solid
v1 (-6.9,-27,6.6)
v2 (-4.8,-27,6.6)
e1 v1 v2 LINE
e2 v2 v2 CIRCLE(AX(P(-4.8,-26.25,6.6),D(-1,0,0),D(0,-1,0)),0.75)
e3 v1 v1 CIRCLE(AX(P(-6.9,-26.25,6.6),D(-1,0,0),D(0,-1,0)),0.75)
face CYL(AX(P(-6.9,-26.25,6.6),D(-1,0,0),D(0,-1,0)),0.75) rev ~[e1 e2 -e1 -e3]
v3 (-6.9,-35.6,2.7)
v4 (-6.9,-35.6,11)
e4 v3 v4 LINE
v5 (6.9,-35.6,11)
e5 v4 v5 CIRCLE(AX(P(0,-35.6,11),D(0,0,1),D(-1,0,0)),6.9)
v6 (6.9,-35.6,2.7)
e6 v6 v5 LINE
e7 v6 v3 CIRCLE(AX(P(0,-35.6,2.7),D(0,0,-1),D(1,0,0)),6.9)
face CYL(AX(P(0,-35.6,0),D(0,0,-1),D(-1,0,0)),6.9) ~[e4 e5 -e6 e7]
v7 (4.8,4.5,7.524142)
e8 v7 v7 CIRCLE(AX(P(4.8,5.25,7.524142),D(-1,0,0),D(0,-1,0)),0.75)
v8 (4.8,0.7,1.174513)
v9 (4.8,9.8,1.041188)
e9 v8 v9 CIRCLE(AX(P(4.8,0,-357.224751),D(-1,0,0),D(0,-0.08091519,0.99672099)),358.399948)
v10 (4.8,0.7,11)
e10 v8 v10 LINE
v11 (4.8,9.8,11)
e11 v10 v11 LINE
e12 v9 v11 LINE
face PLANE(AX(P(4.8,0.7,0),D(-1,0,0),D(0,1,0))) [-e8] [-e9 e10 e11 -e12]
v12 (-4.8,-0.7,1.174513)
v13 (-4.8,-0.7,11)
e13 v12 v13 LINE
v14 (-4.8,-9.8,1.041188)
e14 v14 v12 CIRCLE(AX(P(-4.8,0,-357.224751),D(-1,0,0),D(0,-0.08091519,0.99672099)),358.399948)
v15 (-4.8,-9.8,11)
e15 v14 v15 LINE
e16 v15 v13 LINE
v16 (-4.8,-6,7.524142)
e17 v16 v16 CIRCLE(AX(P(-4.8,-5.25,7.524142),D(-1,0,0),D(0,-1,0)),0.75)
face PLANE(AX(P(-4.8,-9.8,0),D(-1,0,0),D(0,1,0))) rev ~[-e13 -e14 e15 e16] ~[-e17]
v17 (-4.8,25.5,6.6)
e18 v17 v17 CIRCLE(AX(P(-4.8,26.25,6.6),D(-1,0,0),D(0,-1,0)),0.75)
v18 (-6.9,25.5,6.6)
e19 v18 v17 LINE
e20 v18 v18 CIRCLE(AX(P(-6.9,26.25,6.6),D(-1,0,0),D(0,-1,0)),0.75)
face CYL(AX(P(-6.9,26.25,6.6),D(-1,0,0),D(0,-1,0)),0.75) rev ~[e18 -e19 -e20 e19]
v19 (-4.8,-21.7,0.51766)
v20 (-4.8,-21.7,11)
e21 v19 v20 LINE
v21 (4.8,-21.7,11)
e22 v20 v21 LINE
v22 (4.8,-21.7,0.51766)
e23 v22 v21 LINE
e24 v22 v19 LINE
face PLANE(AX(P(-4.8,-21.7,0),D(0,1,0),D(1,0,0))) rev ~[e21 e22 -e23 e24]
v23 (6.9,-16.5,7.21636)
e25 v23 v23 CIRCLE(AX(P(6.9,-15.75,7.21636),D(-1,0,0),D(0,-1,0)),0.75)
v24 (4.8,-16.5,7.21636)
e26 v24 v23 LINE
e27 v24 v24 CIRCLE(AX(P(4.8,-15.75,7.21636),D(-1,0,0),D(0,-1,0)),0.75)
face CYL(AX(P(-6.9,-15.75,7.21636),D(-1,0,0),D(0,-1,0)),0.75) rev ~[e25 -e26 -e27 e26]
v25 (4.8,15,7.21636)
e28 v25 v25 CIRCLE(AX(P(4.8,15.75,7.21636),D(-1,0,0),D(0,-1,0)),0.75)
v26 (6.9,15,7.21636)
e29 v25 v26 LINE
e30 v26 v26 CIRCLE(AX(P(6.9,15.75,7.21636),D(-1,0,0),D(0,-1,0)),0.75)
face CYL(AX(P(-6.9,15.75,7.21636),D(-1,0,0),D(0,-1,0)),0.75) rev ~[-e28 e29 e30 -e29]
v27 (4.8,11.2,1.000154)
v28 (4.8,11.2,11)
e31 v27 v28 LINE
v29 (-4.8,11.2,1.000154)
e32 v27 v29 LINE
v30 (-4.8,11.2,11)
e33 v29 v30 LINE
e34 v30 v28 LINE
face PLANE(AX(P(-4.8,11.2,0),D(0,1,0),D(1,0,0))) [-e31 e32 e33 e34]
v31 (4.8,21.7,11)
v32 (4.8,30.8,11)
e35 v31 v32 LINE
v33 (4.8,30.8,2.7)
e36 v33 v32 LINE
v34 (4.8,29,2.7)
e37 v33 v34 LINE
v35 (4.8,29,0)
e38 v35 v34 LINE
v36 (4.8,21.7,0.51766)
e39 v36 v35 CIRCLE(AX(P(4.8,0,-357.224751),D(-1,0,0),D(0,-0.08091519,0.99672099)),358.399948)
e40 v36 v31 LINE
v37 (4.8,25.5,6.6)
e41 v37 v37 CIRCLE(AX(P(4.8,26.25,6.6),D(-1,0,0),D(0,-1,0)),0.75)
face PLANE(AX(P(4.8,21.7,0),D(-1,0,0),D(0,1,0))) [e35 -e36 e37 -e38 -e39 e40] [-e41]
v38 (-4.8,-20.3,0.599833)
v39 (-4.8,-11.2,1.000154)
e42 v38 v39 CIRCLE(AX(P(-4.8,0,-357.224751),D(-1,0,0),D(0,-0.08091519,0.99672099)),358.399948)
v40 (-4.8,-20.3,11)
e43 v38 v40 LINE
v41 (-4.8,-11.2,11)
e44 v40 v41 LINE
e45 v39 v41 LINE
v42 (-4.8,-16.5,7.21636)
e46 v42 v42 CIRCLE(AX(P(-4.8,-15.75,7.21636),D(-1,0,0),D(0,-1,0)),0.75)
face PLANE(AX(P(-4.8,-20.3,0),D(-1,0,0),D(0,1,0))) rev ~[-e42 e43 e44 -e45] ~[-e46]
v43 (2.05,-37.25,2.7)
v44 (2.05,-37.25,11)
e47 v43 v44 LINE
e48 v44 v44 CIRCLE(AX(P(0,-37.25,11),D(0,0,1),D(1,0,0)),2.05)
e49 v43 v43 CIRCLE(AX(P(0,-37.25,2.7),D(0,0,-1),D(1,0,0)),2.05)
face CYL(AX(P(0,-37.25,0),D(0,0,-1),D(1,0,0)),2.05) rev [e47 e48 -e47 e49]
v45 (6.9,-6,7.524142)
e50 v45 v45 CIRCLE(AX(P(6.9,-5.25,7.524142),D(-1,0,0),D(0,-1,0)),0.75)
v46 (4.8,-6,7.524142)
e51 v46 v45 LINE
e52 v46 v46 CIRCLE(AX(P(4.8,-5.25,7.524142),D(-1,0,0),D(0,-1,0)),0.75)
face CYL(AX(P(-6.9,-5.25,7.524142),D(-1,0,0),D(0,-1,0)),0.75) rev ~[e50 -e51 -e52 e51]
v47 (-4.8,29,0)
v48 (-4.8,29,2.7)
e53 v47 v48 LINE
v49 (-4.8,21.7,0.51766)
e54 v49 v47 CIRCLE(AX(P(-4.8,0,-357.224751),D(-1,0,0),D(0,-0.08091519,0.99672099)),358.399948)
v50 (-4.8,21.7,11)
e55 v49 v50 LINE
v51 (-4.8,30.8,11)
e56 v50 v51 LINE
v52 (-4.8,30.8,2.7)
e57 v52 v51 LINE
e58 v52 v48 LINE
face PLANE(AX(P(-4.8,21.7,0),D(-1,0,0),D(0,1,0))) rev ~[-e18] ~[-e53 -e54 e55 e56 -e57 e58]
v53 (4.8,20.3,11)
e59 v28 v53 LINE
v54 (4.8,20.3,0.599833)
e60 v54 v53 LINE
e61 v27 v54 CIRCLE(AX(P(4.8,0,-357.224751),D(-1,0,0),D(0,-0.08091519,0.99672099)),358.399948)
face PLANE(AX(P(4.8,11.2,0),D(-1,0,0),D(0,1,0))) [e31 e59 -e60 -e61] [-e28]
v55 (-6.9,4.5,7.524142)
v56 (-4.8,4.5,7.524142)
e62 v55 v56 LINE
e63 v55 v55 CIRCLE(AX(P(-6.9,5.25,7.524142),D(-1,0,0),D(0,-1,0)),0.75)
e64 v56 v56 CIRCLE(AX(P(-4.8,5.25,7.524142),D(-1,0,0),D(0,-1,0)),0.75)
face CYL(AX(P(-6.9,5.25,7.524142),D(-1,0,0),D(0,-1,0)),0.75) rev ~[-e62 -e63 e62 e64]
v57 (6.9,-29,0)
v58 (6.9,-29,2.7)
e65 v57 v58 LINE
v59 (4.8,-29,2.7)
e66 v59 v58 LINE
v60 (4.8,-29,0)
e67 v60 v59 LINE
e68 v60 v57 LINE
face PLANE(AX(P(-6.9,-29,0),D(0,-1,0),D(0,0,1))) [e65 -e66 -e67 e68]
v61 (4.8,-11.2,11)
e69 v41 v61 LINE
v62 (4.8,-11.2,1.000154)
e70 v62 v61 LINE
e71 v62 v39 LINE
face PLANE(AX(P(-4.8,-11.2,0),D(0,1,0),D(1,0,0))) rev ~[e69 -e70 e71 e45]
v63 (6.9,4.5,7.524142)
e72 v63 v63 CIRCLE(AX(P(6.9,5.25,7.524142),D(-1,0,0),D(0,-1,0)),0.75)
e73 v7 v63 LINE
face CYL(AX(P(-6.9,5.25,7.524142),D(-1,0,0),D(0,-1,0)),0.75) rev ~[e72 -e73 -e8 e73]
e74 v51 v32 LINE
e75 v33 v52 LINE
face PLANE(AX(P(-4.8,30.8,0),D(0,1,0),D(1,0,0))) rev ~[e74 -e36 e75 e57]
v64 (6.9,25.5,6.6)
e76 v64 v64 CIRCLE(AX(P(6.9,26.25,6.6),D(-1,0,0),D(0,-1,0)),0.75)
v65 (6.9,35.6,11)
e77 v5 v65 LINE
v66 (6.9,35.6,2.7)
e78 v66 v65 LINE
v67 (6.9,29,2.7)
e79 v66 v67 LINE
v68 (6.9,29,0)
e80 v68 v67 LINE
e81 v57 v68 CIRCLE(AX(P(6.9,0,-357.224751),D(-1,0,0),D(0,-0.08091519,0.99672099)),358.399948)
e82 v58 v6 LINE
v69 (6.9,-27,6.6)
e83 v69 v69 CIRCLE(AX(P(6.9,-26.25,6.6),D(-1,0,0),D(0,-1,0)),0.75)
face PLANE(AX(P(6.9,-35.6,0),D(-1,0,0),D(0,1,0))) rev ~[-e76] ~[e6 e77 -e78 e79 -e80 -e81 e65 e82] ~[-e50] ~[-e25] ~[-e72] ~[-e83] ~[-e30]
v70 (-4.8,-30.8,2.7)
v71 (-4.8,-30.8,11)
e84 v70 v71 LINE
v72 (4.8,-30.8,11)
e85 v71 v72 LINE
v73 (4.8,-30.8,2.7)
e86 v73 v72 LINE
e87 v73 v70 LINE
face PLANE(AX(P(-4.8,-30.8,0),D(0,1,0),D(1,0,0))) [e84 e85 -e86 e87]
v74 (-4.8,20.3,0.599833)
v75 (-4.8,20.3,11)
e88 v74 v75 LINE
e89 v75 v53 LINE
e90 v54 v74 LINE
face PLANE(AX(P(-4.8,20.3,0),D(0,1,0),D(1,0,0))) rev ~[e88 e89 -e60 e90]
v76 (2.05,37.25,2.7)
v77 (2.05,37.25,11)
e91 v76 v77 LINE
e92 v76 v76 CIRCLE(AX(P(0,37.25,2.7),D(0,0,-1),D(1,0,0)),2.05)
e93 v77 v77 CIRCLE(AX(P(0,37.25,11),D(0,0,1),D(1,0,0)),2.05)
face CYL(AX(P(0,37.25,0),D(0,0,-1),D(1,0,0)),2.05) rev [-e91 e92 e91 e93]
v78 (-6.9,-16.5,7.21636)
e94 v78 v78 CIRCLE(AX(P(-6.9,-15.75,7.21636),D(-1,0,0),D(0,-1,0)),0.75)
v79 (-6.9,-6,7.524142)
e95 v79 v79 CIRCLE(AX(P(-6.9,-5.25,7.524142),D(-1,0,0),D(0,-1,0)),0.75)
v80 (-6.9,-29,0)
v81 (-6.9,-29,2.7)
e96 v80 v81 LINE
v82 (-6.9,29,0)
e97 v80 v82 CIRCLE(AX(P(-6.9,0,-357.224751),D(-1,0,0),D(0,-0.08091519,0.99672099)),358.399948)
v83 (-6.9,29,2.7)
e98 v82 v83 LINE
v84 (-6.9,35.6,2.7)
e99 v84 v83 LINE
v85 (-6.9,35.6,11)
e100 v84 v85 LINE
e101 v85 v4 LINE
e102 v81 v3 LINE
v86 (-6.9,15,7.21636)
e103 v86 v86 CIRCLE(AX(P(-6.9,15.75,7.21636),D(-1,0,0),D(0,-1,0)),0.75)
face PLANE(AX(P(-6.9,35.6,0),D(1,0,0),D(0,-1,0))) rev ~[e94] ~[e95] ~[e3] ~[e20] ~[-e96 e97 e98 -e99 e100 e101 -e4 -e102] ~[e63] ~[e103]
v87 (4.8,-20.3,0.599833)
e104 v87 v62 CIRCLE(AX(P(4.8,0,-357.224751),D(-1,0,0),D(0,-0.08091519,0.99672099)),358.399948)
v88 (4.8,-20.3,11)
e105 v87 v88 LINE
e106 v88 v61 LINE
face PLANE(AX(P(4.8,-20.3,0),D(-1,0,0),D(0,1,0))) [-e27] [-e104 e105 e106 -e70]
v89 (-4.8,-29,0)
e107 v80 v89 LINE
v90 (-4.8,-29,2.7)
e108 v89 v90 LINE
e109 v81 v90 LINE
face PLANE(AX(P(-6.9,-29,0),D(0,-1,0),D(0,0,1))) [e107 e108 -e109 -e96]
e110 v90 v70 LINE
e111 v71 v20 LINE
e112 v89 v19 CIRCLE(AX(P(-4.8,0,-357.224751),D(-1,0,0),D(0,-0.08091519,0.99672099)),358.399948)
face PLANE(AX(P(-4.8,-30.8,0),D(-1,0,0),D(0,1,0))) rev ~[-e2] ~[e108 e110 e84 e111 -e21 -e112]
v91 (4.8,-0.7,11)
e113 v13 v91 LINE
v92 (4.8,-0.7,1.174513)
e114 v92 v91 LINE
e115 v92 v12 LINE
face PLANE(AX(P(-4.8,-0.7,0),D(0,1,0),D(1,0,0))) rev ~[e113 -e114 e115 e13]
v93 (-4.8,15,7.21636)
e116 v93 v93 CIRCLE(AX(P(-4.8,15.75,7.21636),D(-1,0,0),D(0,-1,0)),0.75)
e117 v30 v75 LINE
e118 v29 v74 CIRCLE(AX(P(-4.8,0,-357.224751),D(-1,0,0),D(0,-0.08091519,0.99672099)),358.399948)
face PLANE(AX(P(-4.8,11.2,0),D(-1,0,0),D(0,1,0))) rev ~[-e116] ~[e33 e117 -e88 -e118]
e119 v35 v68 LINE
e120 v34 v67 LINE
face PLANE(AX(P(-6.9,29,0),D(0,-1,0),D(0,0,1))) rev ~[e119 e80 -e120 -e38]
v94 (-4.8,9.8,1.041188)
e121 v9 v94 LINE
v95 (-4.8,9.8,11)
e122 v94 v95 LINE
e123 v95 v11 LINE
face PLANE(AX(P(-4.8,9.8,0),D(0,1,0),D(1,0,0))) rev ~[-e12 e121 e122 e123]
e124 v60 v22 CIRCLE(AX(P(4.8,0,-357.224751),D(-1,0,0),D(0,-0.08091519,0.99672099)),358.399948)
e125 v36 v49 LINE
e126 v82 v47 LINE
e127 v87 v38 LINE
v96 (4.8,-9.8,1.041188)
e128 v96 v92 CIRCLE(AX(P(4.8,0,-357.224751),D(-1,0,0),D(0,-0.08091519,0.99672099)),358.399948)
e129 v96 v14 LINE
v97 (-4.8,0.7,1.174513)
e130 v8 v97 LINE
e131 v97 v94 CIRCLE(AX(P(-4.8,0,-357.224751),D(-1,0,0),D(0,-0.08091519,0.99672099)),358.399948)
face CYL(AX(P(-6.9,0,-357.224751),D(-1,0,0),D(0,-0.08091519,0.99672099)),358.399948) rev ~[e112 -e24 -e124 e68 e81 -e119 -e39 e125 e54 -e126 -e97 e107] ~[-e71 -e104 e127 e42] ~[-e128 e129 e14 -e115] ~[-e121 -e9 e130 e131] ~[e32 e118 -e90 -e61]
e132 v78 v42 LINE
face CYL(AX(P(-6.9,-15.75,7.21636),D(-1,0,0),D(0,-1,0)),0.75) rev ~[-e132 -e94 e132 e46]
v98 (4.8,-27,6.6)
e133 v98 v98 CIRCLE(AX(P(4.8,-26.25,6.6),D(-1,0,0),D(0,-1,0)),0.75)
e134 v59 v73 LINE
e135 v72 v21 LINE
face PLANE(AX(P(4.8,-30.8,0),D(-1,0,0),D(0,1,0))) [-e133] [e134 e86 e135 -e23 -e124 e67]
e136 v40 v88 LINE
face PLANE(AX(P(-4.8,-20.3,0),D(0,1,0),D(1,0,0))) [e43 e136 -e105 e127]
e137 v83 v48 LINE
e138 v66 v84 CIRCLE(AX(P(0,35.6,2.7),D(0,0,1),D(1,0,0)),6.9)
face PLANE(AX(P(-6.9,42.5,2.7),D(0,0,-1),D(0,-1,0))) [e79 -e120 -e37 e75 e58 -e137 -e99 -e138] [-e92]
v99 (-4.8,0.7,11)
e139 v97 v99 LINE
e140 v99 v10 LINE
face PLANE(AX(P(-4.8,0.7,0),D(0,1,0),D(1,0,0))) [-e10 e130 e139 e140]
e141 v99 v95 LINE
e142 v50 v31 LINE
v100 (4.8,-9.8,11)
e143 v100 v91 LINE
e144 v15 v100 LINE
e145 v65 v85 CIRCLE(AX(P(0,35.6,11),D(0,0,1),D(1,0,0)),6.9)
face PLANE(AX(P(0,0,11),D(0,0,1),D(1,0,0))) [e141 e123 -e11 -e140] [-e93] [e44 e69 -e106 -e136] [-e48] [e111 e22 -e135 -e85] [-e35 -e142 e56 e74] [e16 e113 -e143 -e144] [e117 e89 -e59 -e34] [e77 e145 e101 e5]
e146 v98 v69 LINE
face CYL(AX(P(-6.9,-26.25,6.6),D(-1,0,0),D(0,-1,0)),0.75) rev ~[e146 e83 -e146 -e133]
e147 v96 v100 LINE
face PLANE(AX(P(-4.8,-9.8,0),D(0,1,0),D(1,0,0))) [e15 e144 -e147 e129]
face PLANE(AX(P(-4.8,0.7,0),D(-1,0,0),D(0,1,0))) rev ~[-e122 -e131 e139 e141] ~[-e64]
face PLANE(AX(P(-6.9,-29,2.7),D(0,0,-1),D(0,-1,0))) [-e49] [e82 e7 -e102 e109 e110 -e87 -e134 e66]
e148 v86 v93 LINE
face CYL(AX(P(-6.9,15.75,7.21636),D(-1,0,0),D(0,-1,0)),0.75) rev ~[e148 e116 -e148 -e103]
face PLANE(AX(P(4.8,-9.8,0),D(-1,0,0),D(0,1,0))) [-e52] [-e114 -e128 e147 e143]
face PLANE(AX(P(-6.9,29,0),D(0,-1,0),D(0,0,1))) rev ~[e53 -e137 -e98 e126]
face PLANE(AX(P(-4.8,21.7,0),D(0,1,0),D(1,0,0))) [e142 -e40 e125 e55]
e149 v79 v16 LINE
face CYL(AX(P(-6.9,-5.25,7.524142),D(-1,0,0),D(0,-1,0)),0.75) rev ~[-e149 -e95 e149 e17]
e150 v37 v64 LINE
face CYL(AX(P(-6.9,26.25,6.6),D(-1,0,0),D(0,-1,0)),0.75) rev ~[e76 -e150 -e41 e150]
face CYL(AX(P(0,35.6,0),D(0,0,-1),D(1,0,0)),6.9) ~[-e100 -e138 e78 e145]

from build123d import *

# Parameters (mm, degrees)
F0_R     = 2.05
F0_W     = 9.6
F0_H     = 9.1
F1_DEPTH = 11
F2_W     = 13.5
F2_H     = 2.7
F2_R     = 0.75
F3_DEPTH = 13.801


with BuildPart() as f1:
    # F0 (on Top) → F1 (new body)
    with BuildSketch(Plane.XY):
        with BuildLine():
            ThreePointArc((6.9, 35.6), (0, 42.5), (-6.9, 35.6))
            Line((-6.9, 35.6), (-6.9, -35.6))
            ThreePointArc((-6.9, -35.6), (0, -42.5), (6.9, -35.6))
            Line((6.9, -35.6), (6.9, 35.6))
        make_face()
        with Locations((0, -37.25)):
            Circle(F0_R, mode=Mode.SUBTRACT)
        with Locations((0, -26.25)):
            Rectangle(F0_W, F0_H, mode=Mode.SUBTRACT)
        with Locations((0, -15.75)):
            Rectangle(F0_W, F0_H, mode=Mode.SUBTRACT)
        with Locations((0, -5.25)):
            Rectangle(F0_W, F0_H, mode=Mode.SUBTRACT)
        with Locations((0, 5.25)):
            Rectangle(F0_W, F0_H, mode=Mode.SUBTRACT)
        with Locations((0, 15.75)):
            Rectangle(F0_W, F0_H, mode=Mode.SUBTRACT)
        with Locations((0, 26.25)):
            Rectangle(F0_W, F0_H, mode=Mode.SUBTRACT)
        with Locations((0, 37.25)):
            Circle(F0_R, mode=Mode.SUBTRACT)
    extrude(amount=F1_DEPTH)

    # F2 (on face) → F3 (cut, through all)
    with BuildSketch(Plane(origin=(-6.9, 0, 0), x_dir=(0, -1, 0), z_dir=(-1, 0, 0))):
        with Locations((35.75, 1.35)):
            Rectangle(F2_W, F2_H)
        with BuildLine():
            ThreePointArc((29, 0), (0, 1.175197), (-29, 0))
            Line((-29, 0), (29, 0))
        make_face()
        with Locations((-35.75, 1.35)):
            Rectangle(F2_W, F2_H)
        with Locations((-26.25, 6.6)):
            Circle(F2_R)
        with Locations((-15.75, 7.21636)):
            Circle(F2_R)
        with Locations((-5.25, 7.524142)):
            Circle(F2_R)
        with Locations((5.25, 7.524142)):
            Circle(F2_R)
        with Locations((15.75, 7.21636)):
            Circle(F2_R)
        with Locations((26.25, 6.6)):
            Circle(F2_R)
    extrude(amount=-F3_DEPTH, mode=Mode.SUBTRACT)


solid = f1.part
